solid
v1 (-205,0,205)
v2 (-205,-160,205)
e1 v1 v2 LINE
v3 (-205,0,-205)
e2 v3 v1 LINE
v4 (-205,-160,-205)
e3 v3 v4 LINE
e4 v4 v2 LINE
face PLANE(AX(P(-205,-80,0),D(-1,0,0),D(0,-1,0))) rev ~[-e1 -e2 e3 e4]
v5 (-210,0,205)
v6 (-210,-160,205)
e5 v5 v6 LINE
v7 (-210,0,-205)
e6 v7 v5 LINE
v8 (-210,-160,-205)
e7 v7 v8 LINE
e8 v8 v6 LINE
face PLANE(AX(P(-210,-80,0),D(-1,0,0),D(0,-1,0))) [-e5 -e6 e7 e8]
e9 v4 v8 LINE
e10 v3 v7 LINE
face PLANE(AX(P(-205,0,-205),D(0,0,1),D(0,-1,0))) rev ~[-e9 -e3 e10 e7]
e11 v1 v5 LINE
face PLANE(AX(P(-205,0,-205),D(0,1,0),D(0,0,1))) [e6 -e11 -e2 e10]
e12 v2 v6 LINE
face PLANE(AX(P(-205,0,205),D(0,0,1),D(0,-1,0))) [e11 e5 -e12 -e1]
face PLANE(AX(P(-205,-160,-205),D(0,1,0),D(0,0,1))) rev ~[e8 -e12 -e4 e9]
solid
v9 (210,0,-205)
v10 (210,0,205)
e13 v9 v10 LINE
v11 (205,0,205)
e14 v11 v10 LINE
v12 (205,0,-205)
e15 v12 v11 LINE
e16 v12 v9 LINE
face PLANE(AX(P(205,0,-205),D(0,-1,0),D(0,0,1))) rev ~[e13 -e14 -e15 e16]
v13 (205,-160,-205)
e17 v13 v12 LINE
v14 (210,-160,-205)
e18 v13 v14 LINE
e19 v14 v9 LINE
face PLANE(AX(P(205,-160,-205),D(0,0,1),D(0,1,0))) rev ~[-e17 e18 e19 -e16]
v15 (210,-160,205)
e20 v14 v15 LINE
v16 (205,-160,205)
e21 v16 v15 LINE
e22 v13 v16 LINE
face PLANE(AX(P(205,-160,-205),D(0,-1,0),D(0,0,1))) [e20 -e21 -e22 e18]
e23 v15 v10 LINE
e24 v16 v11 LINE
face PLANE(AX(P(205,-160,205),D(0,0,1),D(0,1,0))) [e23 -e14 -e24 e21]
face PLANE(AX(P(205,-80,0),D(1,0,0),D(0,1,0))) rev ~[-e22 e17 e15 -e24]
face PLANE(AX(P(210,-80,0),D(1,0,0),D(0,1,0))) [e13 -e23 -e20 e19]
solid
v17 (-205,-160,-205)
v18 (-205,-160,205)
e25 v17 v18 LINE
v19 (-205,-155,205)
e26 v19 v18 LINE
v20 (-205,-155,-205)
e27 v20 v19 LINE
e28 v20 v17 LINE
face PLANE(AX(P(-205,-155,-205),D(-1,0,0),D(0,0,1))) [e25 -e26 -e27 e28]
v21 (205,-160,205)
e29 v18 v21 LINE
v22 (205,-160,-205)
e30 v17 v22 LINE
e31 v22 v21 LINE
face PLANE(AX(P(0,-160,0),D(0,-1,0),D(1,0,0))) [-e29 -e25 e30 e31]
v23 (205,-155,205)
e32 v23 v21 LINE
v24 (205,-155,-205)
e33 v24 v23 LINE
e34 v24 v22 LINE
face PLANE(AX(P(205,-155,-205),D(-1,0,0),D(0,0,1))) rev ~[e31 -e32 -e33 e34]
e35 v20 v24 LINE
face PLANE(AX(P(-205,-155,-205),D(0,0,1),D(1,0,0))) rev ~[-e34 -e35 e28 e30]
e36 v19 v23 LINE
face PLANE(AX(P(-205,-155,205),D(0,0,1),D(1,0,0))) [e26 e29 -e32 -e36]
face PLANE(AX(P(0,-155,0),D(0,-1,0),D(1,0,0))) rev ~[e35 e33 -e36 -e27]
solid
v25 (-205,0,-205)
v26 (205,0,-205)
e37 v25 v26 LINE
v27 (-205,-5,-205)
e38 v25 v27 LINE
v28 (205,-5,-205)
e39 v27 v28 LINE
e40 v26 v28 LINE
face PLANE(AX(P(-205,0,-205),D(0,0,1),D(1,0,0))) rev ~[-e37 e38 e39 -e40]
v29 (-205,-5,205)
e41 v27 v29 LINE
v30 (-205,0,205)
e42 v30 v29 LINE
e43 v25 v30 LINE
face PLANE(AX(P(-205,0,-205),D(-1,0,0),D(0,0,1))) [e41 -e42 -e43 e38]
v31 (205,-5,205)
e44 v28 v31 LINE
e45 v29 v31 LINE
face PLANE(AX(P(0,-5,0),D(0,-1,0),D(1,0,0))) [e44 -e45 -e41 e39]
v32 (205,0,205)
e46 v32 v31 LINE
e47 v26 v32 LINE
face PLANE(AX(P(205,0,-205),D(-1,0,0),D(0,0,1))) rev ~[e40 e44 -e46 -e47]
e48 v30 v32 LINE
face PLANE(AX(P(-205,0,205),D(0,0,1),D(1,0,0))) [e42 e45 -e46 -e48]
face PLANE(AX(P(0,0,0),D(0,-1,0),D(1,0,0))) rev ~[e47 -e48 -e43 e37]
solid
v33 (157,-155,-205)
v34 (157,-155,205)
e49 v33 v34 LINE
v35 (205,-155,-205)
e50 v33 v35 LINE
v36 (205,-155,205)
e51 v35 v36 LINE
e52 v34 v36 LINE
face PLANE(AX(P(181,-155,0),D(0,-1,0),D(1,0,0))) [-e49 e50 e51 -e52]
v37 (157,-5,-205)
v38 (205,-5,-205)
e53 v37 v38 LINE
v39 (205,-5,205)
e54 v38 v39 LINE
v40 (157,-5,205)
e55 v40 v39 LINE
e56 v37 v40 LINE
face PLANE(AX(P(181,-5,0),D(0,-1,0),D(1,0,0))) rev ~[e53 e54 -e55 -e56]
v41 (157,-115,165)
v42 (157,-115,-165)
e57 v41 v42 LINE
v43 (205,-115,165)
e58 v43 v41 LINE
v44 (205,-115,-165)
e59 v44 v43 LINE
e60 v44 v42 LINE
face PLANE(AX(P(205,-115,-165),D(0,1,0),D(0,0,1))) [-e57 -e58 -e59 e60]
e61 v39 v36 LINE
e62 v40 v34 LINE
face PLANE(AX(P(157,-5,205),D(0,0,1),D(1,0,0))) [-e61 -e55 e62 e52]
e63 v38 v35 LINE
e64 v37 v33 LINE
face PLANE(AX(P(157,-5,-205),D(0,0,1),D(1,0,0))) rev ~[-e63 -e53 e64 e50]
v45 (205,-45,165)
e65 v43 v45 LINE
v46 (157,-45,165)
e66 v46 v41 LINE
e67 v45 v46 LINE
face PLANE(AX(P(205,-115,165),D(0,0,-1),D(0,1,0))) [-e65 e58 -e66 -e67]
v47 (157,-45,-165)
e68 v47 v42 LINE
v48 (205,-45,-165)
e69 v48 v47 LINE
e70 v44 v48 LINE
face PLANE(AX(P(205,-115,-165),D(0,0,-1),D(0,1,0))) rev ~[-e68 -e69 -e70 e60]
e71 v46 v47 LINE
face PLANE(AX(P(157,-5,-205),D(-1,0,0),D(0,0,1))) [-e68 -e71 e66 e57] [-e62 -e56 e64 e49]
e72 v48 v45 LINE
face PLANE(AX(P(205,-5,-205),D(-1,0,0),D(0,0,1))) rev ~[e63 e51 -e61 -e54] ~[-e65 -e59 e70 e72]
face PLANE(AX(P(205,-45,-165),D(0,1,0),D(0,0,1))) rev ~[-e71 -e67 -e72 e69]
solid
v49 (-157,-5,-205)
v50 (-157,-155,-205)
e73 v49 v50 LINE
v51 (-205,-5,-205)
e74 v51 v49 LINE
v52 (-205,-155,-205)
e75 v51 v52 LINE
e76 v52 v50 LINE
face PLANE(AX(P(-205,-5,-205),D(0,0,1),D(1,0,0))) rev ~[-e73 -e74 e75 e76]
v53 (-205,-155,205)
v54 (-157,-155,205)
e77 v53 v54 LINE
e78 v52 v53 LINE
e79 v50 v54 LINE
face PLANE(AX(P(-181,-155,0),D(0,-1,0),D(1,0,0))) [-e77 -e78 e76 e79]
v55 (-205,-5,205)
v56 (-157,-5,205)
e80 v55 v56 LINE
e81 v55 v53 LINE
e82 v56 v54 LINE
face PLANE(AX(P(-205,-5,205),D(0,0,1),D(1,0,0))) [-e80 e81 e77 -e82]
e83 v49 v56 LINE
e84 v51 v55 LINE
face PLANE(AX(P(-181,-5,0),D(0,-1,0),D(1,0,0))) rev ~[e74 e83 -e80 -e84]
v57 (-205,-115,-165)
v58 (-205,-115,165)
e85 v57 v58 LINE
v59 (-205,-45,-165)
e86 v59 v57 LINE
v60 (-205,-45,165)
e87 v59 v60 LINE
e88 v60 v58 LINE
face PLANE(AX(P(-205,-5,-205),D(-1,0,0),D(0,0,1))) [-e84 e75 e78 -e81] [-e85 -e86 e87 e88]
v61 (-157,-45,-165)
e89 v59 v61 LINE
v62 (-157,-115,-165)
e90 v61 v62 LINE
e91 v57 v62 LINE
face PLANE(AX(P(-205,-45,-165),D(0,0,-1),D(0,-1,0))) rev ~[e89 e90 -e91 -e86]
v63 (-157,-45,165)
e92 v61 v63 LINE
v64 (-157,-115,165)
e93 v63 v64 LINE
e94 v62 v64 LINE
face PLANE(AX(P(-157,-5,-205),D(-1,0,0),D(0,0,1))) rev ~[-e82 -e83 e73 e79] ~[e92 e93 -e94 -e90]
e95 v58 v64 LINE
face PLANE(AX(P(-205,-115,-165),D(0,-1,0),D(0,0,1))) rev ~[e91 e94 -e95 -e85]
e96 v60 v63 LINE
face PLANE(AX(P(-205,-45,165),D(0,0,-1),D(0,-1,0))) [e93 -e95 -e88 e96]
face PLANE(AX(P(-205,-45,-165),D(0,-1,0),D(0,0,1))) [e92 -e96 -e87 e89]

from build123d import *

# Parameters (mm, degrees)
F0_W      = 410
F0_H      = 410
F1_DEPTH  = 5
F2_W      = 48
F2_H      = 410
F3_DEPTH  = 150
F4_W      = 410
F4_H      = 410
F5_DEPTH  = 5
F6_W      = 160
F6_H      = 410
F7_DEPTH  = 5
F8_W      = 160
F8_H      = 410
F9_DEPTH  = 5
F10_W     = 70
F10_H     = 330
F11_DEPTH = 50
F12_W     = 70
F12_H     = 330
F13_DEPTH = 50


with BuildPart() as f1:
    # F0 (on Front) → F1 (new body)
    with BuildSketch(Plane.XZ):
        Rectangle(F0_W, F0_H)
    extrude(amount=F1_DEPTH)


with BuildPart() as f3:
    # F2 (on face) → F3 (new body)
    with BuildSketch(Plane.XZ.offset(5)):
        with Locations((-181, 0)):
            Rectangle(F2_W, F2_H)
        with Locations((181, 0)):
            Rectangle(F2_W, F2_H)
    extrude(amount=F3_DEPTH)

    # F10 (on face) → F11 (cut)
    with BuildSketch(Plane(origin=(-205, 0, 0), x_dir=(0, -1, 0), z_dir=(-1, 0, 0))):
        with Locations((80, 0)):
            Rectangle(F10_W, F10_H)
    extrude(amount=-F11_DEPTH, mode=Mode.SUBTRACT)

    # F12 (on face) → F13 (cut)
    with BuildSketch(Plane.YZ.offset(205)):
        with Locations((-80, 0)):
            Rectangle(F12_W, F12_H)
    extrude(amount=-F13_DEPTH, mode=Mode.SUBTRACT)


with BuildPart() as f5:
    # F4 (on face) → F5 (new body)
    with BuildSketch(Plane.XZ.offset(155)):
        Rectangle(F4_W, F4_H)
    extrude(amount=F5_DEPTH)


with BuildPart() as f7:
    # F6 (on face) → F7 (new body)
    with BuildSketch(Plane(origin=(-205, 0, 0), x_dir=(0, -1, 0), z_dir=(-1, 0, 0))):
        with Locations((80, 0)):
            Rectangle(F6_W, F6_H)
    extrude(amount=F7_DEPTH)


with BuildPart() as f9:
    # F8 (on face) → F9 (new body)
    with BuildSketch(Plane.YZ.offset(205)):
        with Locations((-80, 0)):
            Rectangle(F8_W, F8_H)
    extrude(amount=F9_DEPTH)


solid = Compound([f1.part, f3.part, f5.part, f7.part, f9.part])
